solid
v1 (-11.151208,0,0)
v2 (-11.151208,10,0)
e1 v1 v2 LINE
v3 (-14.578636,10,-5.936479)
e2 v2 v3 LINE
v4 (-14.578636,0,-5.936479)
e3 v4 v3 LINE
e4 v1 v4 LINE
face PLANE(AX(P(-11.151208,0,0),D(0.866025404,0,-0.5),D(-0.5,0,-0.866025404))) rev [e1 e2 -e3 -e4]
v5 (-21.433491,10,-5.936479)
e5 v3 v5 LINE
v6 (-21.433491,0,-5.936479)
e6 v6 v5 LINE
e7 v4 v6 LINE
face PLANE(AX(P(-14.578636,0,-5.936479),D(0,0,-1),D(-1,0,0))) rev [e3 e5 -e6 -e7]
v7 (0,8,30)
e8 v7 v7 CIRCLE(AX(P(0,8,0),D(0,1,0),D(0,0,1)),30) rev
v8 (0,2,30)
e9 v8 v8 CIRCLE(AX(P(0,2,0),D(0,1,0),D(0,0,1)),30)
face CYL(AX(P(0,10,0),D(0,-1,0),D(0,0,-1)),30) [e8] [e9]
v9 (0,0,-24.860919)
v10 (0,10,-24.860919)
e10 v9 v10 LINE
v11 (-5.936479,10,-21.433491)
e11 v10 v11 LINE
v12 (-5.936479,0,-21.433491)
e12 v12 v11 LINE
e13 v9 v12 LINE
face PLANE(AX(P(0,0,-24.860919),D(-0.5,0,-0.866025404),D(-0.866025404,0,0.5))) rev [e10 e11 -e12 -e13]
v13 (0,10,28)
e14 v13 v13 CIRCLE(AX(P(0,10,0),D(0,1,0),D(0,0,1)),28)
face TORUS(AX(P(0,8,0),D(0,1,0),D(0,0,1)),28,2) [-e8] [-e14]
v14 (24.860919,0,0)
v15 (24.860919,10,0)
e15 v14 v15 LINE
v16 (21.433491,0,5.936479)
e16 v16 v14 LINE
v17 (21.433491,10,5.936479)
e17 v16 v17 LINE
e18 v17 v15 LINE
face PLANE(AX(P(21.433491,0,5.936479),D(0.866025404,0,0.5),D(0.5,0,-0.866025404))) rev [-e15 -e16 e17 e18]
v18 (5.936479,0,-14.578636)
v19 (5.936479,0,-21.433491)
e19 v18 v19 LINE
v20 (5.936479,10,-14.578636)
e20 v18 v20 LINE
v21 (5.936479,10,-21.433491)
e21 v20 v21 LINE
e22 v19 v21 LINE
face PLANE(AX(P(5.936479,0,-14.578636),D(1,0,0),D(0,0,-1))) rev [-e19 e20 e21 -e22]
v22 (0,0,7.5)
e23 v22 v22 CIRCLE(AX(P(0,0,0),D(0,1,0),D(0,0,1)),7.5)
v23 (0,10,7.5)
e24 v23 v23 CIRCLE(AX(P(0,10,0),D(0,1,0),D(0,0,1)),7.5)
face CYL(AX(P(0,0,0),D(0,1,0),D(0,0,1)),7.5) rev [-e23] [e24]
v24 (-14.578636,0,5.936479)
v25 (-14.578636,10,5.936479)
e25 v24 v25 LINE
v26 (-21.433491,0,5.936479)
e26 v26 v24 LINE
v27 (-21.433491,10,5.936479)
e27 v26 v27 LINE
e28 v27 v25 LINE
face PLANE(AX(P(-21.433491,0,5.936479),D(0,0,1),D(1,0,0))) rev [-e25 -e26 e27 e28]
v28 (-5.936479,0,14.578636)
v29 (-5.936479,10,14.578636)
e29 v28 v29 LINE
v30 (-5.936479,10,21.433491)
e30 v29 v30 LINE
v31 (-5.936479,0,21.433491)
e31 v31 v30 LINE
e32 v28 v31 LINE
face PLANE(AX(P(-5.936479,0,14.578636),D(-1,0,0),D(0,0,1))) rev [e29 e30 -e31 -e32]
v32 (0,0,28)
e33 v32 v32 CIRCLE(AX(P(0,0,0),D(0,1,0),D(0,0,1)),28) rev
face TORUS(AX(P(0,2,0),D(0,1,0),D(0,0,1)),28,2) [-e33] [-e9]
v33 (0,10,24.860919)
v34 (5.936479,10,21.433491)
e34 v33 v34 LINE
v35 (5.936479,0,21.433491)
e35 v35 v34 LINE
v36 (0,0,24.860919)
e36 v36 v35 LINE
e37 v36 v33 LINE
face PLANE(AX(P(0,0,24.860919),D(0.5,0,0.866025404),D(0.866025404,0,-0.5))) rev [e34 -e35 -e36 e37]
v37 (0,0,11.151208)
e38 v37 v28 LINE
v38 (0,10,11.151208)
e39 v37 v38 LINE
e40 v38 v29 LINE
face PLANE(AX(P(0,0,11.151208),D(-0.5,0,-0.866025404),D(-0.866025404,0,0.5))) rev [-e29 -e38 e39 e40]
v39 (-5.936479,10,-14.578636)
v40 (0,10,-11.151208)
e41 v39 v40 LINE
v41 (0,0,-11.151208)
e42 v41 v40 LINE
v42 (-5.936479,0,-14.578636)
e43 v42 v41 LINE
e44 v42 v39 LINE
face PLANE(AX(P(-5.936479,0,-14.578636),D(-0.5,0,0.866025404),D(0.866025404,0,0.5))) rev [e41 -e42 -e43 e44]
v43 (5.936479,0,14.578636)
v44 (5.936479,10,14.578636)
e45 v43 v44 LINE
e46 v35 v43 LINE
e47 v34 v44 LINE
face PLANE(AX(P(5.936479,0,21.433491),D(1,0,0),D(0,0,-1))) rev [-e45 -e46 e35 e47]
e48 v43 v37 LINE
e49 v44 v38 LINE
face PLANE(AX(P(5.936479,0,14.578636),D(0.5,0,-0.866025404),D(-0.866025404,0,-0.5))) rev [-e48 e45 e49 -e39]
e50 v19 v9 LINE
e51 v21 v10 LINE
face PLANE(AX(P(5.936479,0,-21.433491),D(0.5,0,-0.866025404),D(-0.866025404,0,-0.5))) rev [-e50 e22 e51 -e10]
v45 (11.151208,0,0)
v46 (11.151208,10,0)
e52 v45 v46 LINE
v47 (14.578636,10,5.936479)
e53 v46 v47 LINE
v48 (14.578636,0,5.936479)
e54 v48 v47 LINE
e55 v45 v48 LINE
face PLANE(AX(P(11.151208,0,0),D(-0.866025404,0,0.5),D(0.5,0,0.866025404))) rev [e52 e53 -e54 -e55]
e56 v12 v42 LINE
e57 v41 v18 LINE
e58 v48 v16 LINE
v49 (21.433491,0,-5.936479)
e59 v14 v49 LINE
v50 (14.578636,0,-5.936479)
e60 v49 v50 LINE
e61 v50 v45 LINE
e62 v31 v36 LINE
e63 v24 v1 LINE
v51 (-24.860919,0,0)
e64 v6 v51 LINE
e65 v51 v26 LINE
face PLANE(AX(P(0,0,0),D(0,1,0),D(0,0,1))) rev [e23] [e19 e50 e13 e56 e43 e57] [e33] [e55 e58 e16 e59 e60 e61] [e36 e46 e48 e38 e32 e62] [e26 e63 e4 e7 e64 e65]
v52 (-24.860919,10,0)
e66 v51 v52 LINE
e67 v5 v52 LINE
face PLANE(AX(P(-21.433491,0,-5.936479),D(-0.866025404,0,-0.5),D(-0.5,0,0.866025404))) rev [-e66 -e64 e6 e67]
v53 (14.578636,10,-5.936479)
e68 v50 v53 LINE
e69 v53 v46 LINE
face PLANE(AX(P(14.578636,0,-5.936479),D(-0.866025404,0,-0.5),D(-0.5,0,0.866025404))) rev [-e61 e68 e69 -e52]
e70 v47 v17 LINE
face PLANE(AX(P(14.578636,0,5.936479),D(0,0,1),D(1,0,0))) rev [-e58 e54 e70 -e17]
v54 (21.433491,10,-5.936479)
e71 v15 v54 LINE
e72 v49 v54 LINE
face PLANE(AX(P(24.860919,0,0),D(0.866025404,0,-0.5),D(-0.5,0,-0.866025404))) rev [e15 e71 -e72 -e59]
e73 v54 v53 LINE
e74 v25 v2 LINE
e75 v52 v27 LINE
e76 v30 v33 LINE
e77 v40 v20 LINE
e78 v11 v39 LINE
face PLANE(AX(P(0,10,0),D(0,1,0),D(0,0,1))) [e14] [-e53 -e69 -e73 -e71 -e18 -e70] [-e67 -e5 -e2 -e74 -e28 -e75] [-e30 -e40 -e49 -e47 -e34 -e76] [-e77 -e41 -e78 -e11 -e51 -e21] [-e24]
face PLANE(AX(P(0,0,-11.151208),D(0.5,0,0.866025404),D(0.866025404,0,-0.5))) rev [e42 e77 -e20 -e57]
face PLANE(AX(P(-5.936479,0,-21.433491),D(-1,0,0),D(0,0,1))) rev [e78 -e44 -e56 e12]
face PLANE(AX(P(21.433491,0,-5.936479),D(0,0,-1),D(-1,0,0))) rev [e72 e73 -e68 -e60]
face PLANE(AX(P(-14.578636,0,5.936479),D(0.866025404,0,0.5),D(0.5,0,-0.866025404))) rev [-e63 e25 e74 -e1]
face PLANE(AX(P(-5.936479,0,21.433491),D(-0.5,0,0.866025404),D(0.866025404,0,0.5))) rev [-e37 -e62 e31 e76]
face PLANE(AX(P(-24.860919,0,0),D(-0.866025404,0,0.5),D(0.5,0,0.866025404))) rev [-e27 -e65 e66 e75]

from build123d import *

# Parameters (mm, degrees)
SKETCH1_R           = 30
BOSS_EXTRUDE1_DEPTH = 10
SKETCH2_R           = 7.5
CUT_EXTRUDE1_DEPTH  = 11
FILLET1_R           = 2
CUT_EXTRUDE2_DEPTH  = 11
CIRPATTERN1_COUNT   = 4


with BuildPart() as part:
    # Sketch1 → Boss-Extrude1 (new body)
    with BuildSketch(Plane(origin=(0, 0, 0), x_dir=(1, 0, 0), z_dir=(0, 1, 0))):
        Circle(SKETCH1_R)
    extrude(amount=BOSS_EXTRUDE1_DEPTH)

    # Sketch2 → Cut-Extrude1 (cut, through all)
    with BuildSketch(Plane(origin=(0, 10, 0), x_dir=(1, 0, 0), z_dir=(0, 1, 0))):
        Circle(SKETCH2_R)
    extrude(amount=-CUT_EXTRUDE1_DEPTH, mode=Mode.SUBTRACT)

    # Fillet1
    fillet1_edges = [part.edges().sort_by_distance(p)[0] for p in [
        (-30, 0, 0),
        (-30, 10, 0),
    ]]
    fillet(fillet1_edges, radius=FILLET1_R)

    # Sketch3 → Cut-Extrude2 (cut, through all)
    with BuildSketch(Plane(origin=(0, 10, 0), x_dir=(1, 0, 0), z_dir=(0, 1, 0))):
        Polygon((0, 11.151208395), (5.936478896, 14.578636083), (5.936478896, 21.43349146), (0, 24.860919148), (-5.936478896, 21.43349146), (-5.936478896, 14.578636083), align=None)
    cut_extrude2 = extrude(amount=-CUT_EXTRUDE2_DEPTH, mode=Mode.SUBTRACT)

    # CirPattern1: Cut-Extrude2 ×4 about axis
    cirpattern1_axis = Axis((0, 0, 0), (0, 1, 0))
    for i in range(1, CIRPATTERN1_COUNT):
        add(cut_extrude2.rotate(cirpattern1_axis, i * 360 / CIRPATTERN1_COUNT), mode=Mode.SUBTRACT)


solid = part.part
